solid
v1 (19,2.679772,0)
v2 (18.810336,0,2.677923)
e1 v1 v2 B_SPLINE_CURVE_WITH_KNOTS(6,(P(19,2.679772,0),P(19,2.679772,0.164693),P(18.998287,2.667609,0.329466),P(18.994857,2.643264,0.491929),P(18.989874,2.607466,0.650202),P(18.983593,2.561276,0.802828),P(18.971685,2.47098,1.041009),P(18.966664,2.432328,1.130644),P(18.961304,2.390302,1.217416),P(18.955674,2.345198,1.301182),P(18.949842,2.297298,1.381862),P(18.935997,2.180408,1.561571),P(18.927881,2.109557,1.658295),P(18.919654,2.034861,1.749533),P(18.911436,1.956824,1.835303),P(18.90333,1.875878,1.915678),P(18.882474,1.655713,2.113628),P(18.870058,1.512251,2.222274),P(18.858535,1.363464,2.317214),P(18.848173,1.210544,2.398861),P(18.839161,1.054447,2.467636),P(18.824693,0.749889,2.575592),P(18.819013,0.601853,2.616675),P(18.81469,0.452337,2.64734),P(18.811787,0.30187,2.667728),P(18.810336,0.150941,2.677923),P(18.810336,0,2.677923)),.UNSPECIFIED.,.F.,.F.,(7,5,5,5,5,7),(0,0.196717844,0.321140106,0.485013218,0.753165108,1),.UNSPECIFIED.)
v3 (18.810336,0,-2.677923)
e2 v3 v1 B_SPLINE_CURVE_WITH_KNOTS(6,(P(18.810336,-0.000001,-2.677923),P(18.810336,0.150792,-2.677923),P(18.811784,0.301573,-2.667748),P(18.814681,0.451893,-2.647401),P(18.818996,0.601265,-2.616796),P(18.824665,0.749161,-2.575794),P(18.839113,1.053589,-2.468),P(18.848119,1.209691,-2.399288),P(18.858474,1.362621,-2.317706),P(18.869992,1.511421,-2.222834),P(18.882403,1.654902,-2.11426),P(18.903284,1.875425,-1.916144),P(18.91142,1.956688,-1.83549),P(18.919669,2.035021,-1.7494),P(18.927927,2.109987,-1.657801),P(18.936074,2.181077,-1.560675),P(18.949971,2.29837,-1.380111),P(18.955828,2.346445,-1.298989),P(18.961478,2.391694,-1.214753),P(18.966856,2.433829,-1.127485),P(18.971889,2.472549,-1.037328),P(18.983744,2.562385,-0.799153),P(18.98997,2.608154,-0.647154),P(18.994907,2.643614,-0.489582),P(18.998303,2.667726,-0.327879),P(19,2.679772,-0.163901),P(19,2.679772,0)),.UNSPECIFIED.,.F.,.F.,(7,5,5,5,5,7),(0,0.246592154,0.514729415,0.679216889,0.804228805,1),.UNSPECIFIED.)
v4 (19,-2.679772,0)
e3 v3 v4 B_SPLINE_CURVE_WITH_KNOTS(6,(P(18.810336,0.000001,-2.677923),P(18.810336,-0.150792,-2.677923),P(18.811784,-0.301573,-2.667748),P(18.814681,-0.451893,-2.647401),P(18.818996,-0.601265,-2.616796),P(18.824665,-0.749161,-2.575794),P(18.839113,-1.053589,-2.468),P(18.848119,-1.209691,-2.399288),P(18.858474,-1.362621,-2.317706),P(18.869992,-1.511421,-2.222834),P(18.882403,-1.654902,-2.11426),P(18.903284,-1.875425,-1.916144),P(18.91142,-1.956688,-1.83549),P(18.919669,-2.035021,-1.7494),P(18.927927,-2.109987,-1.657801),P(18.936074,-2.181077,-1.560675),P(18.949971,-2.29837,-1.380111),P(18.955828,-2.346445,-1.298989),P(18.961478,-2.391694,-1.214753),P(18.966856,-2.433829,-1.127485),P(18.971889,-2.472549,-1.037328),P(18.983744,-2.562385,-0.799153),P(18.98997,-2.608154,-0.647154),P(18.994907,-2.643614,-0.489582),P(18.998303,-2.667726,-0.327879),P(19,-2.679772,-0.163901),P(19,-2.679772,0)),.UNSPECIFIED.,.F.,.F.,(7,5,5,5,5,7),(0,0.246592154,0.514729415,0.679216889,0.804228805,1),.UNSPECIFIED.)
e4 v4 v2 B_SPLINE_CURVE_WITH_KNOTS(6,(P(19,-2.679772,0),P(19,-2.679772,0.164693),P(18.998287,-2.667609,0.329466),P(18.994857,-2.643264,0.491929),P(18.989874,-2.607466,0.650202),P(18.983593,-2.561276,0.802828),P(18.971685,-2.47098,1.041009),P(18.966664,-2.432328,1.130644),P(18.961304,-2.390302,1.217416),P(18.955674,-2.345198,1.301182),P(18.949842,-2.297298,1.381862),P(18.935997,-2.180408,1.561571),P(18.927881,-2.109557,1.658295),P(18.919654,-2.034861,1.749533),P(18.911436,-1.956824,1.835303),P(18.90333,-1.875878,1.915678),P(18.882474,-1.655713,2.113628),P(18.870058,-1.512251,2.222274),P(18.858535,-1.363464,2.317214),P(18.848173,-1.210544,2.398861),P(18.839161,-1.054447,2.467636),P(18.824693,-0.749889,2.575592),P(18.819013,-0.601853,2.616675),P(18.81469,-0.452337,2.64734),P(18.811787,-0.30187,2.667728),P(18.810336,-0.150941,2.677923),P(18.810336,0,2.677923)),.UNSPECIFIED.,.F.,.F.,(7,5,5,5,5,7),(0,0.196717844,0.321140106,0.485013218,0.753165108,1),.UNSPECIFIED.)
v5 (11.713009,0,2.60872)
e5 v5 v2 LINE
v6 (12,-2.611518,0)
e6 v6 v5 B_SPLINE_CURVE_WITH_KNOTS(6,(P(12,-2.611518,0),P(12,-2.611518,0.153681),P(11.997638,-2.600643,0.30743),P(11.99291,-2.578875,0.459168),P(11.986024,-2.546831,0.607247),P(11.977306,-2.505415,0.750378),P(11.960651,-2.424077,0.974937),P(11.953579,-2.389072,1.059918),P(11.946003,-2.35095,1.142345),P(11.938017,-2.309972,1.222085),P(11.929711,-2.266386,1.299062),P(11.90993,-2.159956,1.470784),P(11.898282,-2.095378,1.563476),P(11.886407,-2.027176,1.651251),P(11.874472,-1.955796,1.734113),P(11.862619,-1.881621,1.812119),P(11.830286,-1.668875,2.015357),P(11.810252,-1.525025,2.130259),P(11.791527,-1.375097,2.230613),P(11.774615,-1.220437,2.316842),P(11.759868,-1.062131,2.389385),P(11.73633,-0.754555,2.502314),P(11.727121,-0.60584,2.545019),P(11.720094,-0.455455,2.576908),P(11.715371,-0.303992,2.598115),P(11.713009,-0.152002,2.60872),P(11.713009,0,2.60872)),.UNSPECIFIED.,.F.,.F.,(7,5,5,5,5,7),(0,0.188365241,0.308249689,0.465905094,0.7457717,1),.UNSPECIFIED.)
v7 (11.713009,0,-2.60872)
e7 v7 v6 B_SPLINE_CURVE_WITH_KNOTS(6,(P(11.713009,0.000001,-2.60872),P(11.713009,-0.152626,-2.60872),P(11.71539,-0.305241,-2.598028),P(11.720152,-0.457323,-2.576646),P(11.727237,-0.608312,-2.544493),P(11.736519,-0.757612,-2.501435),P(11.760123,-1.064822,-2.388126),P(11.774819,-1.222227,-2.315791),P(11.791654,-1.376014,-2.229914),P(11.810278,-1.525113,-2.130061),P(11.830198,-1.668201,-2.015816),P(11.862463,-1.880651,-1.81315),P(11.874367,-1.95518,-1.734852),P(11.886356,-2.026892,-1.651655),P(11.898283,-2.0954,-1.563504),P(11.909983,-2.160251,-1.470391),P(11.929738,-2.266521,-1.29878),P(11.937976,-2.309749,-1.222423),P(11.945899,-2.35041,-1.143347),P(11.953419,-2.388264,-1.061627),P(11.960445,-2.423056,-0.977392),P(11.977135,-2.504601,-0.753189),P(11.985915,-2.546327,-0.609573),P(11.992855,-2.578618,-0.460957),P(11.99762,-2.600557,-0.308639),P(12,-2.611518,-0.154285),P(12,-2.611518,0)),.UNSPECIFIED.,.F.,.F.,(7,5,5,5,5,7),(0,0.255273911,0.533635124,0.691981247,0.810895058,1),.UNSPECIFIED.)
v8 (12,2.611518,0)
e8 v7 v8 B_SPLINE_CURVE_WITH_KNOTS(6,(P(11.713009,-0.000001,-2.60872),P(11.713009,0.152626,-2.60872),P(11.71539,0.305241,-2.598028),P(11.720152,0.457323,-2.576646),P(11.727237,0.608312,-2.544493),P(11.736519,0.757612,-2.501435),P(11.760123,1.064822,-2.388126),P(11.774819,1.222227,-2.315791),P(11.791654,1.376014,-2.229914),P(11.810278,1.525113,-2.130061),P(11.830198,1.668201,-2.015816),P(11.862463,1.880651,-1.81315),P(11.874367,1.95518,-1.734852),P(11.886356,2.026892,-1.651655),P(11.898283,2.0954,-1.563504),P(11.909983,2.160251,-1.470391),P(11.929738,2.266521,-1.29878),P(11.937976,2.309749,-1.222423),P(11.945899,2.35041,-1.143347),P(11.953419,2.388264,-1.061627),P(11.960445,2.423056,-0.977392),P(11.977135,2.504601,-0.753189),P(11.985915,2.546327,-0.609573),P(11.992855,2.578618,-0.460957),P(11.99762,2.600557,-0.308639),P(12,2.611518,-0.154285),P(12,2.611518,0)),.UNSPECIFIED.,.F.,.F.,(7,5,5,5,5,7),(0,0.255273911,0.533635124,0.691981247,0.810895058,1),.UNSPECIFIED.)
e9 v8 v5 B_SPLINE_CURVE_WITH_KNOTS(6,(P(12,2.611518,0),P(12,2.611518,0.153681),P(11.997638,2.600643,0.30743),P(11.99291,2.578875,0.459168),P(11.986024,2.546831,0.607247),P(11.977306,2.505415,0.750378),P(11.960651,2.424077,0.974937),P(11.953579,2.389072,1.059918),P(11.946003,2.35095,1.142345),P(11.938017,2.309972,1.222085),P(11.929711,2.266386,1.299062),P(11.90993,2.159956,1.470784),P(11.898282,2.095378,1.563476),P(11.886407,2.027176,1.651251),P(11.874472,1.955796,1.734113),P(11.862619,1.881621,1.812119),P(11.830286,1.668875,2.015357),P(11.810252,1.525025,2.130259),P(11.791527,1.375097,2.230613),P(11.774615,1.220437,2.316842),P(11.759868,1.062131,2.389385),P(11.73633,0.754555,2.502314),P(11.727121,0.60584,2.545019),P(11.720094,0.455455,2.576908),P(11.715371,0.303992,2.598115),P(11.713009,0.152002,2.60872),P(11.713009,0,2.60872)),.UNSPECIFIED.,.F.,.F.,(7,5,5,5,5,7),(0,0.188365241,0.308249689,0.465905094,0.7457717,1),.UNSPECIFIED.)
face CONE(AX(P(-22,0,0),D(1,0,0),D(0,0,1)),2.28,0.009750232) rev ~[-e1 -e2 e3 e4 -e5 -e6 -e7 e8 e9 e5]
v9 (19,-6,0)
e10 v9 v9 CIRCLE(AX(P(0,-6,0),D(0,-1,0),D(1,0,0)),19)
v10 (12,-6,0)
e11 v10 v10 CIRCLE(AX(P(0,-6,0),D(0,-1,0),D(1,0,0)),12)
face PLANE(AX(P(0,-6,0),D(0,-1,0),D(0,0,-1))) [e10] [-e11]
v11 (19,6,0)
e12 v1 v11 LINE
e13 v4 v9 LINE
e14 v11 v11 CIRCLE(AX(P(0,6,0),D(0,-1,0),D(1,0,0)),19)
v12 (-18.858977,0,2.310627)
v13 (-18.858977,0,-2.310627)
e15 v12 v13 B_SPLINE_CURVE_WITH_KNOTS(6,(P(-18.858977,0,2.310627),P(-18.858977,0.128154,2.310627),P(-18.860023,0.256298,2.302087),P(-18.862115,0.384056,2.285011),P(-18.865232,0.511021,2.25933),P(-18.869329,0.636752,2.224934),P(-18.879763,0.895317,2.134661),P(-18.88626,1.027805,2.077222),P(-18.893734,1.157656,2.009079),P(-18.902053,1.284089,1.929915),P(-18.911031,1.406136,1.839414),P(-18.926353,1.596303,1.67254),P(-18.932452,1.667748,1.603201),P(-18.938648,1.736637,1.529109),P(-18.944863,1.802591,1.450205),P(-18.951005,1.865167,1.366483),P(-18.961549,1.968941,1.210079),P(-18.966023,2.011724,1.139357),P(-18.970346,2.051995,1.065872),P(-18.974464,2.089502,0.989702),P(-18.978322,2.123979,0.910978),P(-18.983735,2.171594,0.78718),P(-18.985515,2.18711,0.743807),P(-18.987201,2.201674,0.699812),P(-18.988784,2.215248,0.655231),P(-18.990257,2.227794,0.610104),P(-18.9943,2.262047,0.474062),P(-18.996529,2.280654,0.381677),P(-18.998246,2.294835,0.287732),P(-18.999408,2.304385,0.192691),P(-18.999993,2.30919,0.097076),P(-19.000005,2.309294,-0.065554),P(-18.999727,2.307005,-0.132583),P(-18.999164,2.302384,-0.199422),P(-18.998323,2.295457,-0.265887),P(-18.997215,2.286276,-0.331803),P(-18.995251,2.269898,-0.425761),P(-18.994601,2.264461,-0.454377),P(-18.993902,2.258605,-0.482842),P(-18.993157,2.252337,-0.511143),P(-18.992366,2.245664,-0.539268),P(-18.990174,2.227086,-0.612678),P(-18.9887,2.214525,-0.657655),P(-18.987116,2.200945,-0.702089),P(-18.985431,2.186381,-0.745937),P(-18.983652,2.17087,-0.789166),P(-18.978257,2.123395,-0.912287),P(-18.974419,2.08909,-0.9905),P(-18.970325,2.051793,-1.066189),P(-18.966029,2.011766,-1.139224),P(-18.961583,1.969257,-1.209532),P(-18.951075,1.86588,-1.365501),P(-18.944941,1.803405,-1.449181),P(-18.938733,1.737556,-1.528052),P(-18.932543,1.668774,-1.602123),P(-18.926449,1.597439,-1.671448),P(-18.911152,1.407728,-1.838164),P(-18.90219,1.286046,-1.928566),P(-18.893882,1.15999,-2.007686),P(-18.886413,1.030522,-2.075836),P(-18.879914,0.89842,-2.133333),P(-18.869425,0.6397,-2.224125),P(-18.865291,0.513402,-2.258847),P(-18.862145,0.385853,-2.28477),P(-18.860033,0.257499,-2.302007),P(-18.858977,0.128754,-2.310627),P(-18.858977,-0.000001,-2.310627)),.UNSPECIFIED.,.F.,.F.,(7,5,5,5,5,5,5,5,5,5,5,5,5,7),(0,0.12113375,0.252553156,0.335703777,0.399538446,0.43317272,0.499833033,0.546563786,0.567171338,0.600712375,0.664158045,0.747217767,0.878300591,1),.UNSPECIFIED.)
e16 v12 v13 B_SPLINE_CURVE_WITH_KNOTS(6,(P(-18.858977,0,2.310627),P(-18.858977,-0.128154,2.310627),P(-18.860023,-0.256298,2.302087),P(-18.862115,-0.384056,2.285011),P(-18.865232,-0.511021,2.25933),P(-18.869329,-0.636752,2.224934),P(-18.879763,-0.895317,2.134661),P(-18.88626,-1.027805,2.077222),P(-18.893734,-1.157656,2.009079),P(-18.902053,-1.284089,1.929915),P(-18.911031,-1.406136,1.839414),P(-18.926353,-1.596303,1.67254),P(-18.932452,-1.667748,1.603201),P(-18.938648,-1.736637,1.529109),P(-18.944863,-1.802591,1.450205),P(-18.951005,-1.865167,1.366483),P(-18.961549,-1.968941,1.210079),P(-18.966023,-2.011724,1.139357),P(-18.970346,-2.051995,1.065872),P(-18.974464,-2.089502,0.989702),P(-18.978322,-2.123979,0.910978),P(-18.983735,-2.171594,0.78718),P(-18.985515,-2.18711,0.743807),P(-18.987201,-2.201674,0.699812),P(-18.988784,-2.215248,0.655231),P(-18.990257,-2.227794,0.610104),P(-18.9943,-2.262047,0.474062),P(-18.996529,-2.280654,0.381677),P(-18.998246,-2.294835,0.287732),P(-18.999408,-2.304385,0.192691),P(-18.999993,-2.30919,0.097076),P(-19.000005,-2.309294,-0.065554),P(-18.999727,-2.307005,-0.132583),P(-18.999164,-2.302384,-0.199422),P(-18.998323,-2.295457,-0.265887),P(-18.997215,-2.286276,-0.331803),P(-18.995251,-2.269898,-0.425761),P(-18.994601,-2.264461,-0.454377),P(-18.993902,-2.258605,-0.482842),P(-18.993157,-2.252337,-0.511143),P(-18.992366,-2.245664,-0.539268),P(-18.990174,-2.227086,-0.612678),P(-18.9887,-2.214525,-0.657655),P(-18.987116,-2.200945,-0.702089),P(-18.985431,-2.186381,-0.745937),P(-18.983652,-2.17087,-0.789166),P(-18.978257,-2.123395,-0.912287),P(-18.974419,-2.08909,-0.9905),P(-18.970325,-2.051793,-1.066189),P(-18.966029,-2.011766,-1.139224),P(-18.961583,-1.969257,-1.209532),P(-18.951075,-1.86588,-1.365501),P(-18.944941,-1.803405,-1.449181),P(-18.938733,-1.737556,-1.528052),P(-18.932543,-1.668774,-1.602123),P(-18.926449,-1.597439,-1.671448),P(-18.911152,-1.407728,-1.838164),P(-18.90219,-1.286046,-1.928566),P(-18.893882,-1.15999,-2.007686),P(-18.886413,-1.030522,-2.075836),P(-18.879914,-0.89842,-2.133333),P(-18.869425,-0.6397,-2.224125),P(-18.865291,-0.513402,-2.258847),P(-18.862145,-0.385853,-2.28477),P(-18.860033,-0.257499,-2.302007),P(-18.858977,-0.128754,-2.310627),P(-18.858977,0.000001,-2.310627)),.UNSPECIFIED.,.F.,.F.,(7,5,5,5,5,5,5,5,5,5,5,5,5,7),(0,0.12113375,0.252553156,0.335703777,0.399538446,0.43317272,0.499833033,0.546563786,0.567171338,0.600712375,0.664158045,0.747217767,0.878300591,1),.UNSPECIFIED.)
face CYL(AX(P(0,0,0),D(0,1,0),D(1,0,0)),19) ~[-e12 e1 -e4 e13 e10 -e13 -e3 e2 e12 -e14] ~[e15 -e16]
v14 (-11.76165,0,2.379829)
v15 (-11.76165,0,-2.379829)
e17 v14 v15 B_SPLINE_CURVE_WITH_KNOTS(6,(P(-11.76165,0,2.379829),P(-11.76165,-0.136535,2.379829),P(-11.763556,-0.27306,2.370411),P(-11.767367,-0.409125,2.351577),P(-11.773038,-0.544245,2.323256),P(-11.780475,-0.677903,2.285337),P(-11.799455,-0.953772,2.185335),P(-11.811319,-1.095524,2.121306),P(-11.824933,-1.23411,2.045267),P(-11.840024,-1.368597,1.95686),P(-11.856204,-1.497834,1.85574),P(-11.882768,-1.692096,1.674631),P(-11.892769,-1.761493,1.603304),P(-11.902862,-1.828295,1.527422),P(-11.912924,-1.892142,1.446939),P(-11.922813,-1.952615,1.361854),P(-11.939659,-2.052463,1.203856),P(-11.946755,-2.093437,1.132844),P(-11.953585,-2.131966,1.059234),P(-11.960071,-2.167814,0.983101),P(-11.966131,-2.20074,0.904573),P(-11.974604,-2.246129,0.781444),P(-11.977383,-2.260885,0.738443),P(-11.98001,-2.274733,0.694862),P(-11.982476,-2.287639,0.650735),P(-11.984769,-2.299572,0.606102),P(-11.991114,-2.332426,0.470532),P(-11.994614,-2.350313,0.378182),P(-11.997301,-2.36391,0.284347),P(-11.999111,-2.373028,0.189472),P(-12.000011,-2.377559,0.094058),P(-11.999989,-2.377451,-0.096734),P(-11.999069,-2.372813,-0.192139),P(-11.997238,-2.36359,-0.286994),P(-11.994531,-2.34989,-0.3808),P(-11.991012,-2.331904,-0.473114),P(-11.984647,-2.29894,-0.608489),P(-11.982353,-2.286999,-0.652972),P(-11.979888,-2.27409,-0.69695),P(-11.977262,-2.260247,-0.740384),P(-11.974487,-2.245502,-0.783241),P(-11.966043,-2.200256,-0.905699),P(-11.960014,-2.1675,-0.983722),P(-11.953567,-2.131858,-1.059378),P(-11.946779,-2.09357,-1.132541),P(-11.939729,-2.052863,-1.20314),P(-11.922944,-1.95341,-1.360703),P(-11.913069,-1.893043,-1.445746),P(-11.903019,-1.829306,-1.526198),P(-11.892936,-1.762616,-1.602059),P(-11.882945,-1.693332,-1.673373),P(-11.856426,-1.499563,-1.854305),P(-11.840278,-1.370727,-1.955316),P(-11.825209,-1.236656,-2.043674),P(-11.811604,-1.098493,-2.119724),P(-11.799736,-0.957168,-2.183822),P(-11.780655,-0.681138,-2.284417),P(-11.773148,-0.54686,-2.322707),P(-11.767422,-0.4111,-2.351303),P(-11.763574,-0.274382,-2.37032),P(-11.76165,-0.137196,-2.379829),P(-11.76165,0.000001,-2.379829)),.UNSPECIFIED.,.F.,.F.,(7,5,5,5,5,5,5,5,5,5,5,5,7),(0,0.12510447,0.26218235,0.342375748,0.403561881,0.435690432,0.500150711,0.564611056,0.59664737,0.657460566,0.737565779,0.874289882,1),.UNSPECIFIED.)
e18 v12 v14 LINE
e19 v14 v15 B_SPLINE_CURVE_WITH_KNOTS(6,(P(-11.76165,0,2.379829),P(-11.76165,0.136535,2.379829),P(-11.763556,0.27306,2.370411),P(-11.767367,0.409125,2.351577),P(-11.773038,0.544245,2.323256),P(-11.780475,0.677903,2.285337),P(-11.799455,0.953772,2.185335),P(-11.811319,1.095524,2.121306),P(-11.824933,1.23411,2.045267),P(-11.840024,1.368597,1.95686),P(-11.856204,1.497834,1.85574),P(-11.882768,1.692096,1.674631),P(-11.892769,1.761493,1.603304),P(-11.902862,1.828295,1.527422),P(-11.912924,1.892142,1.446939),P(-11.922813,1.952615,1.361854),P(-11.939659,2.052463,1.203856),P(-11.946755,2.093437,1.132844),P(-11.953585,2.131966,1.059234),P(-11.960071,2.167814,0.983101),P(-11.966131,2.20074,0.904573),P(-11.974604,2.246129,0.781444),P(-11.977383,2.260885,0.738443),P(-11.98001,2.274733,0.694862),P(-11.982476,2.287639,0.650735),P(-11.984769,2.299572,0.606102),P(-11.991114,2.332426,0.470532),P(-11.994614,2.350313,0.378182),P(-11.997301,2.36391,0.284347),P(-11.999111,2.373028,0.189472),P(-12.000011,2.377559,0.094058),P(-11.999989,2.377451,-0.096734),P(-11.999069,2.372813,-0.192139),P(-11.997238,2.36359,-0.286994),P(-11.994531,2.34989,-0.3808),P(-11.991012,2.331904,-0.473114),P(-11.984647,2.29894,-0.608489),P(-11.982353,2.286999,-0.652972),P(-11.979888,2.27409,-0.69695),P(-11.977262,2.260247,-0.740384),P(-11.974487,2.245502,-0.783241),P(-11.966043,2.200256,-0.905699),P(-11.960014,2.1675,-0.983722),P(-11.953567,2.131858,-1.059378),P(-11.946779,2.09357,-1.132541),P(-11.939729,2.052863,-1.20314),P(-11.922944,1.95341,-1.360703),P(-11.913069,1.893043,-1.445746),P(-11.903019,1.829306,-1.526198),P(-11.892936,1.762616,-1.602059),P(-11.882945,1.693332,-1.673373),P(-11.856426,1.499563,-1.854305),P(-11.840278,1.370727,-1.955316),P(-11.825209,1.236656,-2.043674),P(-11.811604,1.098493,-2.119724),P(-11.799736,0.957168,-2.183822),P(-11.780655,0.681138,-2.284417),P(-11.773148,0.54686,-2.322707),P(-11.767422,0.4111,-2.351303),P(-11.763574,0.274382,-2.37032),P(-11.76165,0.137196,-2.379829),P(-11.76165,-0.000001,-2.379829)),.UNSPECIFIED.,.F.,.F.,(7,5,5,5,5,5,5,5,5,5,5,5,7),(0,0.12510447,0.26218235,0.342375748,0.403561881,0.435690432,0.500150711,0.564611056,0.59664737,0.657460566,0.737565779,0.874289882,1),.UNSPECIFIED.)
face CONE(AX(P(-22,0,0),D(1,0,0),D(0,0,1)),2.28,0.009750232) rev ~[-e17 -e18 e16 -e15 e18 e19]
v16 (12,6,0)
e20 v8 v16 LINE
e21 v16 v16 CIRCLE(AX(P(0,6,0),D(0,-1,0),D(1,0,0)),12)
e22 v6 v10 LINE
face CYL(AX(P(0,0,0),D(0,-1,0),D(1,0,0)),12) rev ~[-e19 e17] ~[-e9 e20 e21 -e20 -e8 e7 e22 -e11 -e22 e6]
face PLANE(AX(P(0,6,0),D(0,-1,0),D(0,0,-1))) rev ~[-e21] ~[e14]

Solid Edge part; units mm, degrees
sketch "Sketch1" plane through (0, 0, 0) normal (0, -1, 0) x (1, 0, 0)
  circle A0 centre (0, 0) radius 19
  circle A1 centre (0, 0) radius 12
extrude "Protrusion1" add sketch "Sketch1" along normal mid plane 12
sketch "Sketch2" plane through (0, 0, 0) normal (0, -1, 0) x (1, 0, 0)
  line L0 (0, 0) -> (-22, 0)
  line L1 (-22, 0) -> (-22, 2.28)
  line L2 (-22, 2.28) -> (23.1257, 2.72)
  line L3 (23.1257, 0) -> (23.1257, 2.72)
  line L4 (1.1257, 0) -> (23.1257, 0)
revolve "RevolvedCutout1" cut sketch "Sketch2" angle 360 about axis through (1.1257, 0, 0) along (1, 0, 0)
properties material "Mild Steel"
